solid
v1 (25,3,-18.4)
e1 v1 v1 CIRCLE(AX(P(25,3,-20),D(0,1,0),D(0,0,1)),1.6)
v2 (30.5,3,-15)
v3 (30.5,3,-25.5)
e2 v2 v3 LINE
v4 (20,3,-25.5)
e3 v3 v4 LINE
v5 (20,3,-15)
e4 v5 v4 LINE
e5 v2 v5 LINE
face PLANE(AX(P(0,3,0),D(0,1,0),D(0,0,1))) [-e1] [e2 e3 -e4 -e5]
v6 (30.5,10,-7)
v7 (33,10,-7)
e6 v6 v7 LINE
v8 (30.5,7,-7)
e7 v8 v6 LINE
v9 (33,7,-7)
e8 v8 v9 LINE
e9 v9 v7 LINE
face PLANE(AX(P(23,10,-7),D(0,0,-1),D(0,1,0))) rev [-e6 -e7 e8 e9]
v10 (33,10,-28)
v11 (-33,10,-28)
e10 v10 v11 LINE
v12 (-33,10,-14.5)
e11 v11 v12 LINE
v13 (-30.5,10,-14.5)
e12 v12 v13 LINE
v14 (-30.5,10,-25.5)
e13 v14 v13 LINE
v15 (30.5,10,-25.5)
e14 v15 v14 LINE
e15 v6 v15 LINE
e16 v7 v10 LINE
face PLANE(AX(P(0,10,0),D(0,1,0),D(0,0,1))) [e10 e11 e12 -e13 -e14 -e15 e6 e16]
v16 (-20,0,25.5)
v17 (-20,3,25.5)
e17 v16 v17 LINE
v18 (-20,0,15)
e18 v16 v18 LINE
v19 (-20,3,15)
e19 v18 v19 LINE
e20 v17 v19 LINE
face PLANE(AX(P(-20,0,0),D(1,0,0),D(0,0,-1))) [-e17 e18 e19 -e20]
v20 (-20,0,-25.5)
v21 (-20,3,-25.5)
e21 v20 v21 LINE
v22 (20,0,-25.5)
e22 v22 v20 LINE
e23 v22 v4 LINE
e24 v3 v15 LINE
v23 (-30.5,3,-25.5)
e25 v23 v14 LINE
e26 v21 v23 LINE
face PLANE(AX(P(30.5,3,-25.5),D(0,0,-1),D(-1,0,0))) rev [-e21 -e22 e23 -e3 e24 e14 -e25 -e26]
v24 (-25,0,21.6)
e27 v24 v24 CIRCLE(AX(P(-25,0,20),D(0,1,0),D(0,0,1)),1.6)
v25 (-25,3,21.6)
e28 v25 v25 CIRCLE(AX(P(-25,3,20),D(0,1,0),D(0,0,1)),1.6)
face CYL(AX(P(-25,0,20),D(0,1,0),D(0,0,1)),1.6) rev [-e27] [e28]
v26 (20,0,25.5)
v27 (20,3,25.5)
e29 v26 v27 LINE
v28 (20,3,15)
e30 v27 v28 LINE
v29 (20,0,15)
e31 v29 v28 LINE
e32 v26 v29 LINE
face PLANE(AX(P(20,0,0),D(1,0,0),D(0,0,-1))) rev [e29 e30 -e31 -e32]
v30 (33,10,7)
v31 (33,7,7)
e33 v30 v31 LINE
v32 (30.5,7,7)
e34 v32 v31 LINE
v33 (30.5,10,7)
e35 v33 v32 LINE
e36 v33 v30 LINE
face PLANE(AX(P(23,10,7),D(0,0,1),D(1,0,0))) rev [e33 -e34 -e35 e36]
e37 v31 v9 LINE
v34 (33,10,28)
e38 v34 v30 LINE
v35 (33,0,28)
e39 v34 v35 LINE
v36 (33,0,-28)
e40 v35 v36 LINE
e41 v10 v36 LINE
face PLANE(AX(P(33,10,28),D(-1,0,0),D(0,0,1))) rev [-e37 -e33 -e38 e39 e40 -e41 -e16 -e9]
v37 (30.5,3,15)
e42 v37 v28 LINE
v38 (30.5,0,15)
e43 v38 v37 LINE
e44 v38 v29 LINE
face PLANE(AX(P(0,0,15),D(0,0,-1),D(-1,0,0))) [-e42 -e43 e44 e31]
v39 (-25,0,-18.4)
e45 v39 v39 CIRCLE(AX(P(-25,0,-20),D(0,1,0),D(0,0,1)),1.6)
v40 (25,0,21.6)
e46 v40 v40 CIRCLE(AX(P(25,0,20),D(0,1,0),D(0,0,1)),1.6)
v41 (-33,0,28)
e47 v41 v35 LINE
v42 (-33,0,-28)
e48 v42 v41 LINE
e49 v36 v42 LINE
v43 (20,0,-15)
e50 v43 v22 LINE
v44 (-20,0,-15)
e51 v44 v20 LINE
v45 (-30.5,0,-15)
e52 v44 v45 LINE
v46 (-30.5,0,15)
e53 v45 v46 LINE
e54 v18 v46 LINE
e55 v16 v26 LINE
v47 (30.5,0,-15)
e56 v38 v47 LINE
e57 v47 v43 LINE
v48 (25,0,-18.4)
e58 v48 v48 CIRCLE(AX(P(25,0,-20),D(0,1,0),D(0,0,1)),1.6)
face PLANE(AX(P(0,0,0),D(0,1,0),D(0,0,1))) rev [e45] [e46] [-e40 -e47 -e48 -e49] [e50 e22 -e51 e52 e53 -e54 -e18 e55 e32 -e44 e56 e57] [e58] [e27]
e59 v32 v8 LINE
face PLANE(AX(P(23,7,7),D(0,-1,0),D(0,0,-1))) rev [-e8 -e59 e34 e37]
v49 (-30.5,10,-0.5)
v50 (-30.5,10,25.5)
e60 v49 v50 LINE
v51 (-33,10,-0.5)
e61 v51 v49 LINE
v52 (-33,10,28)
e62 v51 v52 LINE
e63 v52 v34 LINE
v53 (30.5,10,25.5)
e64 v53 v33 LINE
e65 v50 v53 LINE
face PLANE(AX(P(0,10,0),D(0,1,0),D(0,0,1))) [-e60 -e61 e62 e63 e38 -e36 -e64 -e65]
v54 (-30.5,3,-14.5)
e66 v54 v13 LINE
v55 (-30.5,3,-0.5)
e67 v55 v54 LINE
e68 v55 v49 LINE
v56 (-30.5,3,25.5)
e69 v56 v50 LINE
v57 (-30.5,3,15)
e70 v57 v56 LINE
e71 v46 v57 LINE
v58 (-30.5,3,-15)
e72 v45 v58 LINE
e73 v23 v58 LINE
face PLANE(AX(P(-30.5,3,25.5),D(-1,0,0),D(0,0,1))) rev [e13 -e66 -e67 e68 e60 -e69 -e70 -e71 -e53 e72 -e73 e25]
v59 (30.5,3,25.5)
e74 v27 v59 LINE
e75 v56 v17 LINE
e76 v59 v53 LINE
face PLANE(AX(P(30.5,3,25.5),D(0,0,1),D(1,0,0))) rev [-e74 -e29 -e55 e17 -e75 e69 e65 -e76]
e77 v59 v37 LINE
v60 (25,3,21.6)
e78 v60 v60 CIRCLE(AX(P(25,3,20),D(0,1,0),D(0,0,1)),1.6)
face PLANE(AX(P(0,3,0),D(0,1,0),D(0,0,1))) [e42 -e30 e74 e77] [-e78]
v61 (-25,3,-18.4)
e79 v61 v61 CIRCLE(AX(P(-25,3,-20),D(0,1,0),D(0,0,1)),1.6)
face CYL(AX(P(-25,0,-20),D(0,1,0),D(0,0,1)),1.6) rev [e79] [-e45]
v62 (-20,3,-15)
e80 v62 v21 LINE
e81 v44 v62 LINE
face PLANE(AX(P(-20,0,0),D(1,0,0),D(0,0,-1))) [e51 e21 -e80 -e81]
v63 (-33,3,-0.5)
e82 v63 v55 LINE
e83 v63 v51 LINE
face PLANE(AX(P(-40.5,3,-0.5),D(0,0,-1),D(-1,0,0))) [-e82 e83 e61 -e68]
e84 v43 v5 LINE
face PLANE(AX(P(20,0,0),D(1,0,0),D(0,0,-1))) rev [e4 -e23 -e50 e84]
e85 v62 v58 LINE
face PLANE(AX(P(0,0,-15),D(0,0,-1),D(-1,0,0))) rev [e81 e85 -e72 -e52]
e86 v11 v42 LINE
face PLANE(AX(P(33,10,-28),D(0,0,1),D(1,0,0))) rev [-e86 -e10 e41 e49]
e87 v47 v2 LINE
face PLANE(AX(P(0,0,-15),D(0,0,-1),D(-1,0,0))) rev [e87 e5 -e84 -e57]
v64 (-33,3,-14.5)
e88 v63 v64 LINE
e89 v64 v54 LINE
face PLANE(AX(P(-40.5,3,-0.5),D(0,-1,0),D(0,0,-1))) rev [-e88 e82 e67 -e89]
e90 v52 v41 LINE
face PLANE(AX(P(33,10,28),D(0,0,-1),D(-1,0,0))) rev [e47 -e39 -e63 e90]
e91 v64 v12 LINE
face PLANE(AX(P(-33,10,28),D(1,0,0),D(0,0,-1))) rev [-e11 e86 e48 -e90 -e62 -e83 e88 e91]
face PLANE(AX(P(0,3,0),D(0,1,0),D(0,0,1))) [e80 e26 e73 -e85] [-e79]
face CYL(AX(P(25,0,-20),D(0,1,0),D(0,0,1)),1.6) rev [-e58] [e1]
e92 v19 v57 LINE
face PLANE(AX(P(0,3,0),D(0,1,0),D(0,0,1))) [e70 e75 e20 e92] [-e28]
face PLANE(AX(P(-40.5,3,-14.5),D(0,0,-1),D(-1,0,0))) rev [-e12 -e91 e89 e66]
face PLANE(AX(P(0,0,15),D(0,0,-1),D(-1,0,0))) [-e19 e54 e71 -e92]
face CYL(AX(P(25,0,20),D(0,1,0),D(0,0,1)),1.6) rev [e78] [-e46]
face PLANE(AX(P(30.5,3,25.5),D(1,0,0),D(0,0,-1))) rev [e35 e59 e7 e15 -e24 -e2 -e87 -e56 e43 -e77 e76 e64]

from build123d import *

# Parameters (mm, degrees)
SKETCH_1_W                  = 66
SKETCH_1_H                  = 56
EXTRUDE_1_DEPTH             = 10
SKETCH_2_W                  = 61
SKETCH_2_H                  = 51
CUT_EXTRUDE_1_DEPTH         = 7
SKETCH_3_R                  = 1.6
CUT_EXTRUDE_2_DEPTH         = 44.840620434
PATTERN_LINEAR_1_COUNT      = 2
PATTERN_LINEAR_1_PITCH      = 50
PATTERN_LINEAR_1_COUNT_DIR2 = 2
PATTERN_LINEAR_1_PITCH_DIR2 = 40
SKETCH_4_W                  = 40
SKETCH_4_H                  = 10.5
SKETCH_4_W_2                = 10.5
SKETCH_4_H_2                = 30
CUT_EXTRUDE_3_DEPTH         = 44.840620434
SKETCH_6_W                  = 14
SKETCH_6_H                  = 7
CUT_EXTRUDE_6_DEPTH         = 10
SKETCH_7_W                  = 14
SKETCH_7_H                  = 3
CUT_EXTRUDE_7_DEPTH         = 10


with BuildPart() as part:
    # 草图1 → 凸台-拉伸1 (new body)
    with BuildSketch(Plane(origin=(0, 0, 0), x_dir=(1, 0, 0), z_dir=(0, 1, 0))):
        Rectangle(SKETCH_1_W, SKETCH_1_H)
    extrude(amount=EXTRUDE_1_DEPTH)

    # 草图2 → 切除-拉伸1 (cut)
    with BuildSketch(Plane(origin=(0, 10, 0), x_dir=(1, 0, 0), z_dir=(0, 1, 0))):
        Rectangle(SKETCH_2_W, SKETCH_2_H)
    extrude(amount=-CUT_EXTRUDE_1_DEPTH, mode=Mode.SUBTRACT)

    # 草图3 → 切除-拉伸2 (cut, through all)
    with BuildSketch(Plane(origin=(0, 3, 0), x_dir=(1, 0, 0), z_dir=(0, 1, 0))):
        with Locations(Location((-25, 20, 0), (0, 0, 270))):
            Circle(SKETCH_3_R)
    cut_extrude_2 = extrude(amount=-CUT_EXTRUDE_2_DEPTH, mode=Mode.SUBTRACT)

    # 阵列(线性)1: Cut-Extrude 2 2 × 2
    with Locations(*[(i * PATTERN_LINEAR_1_PITCH, 0, j * PATTERN_LINEAR_1_PITCH_DIR2) for i in range(PATTERN_LINEAR_1_COUNT) for j in range(PATTERN_LINEAR_1_COUNT_DIR2) if (i, j) != (0, 0)]):
        add(cut_extrude_2, mode=Mode.SUBTRACT)

    # 草图4 → 切除-拉伸3 (cut, through all)
    with BuildSketch(Plane(origin=(0, 3, 0), x_dir=(1, 0, 0), z_dir=(0, 1, 0))):
        with Locations((0, 20.25)):
            Rectangle(SKETCH_4_W, SKETCH_4_H)
        with Locations((-25.25, 0)):
            Rectangle(SKETCH_4_W_2, SKETCH_4_H_2)
        Rectangle(SKETCH_4_W, SKETCH_4_H_2)
        with Locations((0, -20.25)):
            Rectangle(SKETCH_4_W, SKETCH_4_H)
        with Locations((25.25, 0)):
            Rectangle(SKETCH_4_W_2, SKETCH_4_H_2)
    extrude(amount=-CUT_EXTRUDE_3_DEPTH, mode=Mode.SUBTRACT)

    # 草图6 → 切除-拉伸6 (cut)
    with BuildSketch(Plane(origin=(-30.5, 0, 0), x_dir=(0, 0, -1), z_dir=(1, 0, 0))):
        with Locations((7.5, 6.5)):
            Rectangle(SKETCH_6_W, SKETCH_6_H)
    extrude(amount=-CUT_EXTRUDE_6_DEPTH, mode=Mode.SUBTRACT)

    # 草图7 → 切除-拉伸7 (cut)
    with BuildSketch(Plane(origin=(33, 0, 0), x_dir=(0, 0, -1), z_dir=(1, 0, 0))):
        with Locations((0, 8.5)):
            Rectangle(SKETCH_7_W, SKETCH_7_H)
    extrude(amount=-CUT_EXTRUDE_7_DEPTH, mode=Mode.SUBTRACT)


solid = part.part
